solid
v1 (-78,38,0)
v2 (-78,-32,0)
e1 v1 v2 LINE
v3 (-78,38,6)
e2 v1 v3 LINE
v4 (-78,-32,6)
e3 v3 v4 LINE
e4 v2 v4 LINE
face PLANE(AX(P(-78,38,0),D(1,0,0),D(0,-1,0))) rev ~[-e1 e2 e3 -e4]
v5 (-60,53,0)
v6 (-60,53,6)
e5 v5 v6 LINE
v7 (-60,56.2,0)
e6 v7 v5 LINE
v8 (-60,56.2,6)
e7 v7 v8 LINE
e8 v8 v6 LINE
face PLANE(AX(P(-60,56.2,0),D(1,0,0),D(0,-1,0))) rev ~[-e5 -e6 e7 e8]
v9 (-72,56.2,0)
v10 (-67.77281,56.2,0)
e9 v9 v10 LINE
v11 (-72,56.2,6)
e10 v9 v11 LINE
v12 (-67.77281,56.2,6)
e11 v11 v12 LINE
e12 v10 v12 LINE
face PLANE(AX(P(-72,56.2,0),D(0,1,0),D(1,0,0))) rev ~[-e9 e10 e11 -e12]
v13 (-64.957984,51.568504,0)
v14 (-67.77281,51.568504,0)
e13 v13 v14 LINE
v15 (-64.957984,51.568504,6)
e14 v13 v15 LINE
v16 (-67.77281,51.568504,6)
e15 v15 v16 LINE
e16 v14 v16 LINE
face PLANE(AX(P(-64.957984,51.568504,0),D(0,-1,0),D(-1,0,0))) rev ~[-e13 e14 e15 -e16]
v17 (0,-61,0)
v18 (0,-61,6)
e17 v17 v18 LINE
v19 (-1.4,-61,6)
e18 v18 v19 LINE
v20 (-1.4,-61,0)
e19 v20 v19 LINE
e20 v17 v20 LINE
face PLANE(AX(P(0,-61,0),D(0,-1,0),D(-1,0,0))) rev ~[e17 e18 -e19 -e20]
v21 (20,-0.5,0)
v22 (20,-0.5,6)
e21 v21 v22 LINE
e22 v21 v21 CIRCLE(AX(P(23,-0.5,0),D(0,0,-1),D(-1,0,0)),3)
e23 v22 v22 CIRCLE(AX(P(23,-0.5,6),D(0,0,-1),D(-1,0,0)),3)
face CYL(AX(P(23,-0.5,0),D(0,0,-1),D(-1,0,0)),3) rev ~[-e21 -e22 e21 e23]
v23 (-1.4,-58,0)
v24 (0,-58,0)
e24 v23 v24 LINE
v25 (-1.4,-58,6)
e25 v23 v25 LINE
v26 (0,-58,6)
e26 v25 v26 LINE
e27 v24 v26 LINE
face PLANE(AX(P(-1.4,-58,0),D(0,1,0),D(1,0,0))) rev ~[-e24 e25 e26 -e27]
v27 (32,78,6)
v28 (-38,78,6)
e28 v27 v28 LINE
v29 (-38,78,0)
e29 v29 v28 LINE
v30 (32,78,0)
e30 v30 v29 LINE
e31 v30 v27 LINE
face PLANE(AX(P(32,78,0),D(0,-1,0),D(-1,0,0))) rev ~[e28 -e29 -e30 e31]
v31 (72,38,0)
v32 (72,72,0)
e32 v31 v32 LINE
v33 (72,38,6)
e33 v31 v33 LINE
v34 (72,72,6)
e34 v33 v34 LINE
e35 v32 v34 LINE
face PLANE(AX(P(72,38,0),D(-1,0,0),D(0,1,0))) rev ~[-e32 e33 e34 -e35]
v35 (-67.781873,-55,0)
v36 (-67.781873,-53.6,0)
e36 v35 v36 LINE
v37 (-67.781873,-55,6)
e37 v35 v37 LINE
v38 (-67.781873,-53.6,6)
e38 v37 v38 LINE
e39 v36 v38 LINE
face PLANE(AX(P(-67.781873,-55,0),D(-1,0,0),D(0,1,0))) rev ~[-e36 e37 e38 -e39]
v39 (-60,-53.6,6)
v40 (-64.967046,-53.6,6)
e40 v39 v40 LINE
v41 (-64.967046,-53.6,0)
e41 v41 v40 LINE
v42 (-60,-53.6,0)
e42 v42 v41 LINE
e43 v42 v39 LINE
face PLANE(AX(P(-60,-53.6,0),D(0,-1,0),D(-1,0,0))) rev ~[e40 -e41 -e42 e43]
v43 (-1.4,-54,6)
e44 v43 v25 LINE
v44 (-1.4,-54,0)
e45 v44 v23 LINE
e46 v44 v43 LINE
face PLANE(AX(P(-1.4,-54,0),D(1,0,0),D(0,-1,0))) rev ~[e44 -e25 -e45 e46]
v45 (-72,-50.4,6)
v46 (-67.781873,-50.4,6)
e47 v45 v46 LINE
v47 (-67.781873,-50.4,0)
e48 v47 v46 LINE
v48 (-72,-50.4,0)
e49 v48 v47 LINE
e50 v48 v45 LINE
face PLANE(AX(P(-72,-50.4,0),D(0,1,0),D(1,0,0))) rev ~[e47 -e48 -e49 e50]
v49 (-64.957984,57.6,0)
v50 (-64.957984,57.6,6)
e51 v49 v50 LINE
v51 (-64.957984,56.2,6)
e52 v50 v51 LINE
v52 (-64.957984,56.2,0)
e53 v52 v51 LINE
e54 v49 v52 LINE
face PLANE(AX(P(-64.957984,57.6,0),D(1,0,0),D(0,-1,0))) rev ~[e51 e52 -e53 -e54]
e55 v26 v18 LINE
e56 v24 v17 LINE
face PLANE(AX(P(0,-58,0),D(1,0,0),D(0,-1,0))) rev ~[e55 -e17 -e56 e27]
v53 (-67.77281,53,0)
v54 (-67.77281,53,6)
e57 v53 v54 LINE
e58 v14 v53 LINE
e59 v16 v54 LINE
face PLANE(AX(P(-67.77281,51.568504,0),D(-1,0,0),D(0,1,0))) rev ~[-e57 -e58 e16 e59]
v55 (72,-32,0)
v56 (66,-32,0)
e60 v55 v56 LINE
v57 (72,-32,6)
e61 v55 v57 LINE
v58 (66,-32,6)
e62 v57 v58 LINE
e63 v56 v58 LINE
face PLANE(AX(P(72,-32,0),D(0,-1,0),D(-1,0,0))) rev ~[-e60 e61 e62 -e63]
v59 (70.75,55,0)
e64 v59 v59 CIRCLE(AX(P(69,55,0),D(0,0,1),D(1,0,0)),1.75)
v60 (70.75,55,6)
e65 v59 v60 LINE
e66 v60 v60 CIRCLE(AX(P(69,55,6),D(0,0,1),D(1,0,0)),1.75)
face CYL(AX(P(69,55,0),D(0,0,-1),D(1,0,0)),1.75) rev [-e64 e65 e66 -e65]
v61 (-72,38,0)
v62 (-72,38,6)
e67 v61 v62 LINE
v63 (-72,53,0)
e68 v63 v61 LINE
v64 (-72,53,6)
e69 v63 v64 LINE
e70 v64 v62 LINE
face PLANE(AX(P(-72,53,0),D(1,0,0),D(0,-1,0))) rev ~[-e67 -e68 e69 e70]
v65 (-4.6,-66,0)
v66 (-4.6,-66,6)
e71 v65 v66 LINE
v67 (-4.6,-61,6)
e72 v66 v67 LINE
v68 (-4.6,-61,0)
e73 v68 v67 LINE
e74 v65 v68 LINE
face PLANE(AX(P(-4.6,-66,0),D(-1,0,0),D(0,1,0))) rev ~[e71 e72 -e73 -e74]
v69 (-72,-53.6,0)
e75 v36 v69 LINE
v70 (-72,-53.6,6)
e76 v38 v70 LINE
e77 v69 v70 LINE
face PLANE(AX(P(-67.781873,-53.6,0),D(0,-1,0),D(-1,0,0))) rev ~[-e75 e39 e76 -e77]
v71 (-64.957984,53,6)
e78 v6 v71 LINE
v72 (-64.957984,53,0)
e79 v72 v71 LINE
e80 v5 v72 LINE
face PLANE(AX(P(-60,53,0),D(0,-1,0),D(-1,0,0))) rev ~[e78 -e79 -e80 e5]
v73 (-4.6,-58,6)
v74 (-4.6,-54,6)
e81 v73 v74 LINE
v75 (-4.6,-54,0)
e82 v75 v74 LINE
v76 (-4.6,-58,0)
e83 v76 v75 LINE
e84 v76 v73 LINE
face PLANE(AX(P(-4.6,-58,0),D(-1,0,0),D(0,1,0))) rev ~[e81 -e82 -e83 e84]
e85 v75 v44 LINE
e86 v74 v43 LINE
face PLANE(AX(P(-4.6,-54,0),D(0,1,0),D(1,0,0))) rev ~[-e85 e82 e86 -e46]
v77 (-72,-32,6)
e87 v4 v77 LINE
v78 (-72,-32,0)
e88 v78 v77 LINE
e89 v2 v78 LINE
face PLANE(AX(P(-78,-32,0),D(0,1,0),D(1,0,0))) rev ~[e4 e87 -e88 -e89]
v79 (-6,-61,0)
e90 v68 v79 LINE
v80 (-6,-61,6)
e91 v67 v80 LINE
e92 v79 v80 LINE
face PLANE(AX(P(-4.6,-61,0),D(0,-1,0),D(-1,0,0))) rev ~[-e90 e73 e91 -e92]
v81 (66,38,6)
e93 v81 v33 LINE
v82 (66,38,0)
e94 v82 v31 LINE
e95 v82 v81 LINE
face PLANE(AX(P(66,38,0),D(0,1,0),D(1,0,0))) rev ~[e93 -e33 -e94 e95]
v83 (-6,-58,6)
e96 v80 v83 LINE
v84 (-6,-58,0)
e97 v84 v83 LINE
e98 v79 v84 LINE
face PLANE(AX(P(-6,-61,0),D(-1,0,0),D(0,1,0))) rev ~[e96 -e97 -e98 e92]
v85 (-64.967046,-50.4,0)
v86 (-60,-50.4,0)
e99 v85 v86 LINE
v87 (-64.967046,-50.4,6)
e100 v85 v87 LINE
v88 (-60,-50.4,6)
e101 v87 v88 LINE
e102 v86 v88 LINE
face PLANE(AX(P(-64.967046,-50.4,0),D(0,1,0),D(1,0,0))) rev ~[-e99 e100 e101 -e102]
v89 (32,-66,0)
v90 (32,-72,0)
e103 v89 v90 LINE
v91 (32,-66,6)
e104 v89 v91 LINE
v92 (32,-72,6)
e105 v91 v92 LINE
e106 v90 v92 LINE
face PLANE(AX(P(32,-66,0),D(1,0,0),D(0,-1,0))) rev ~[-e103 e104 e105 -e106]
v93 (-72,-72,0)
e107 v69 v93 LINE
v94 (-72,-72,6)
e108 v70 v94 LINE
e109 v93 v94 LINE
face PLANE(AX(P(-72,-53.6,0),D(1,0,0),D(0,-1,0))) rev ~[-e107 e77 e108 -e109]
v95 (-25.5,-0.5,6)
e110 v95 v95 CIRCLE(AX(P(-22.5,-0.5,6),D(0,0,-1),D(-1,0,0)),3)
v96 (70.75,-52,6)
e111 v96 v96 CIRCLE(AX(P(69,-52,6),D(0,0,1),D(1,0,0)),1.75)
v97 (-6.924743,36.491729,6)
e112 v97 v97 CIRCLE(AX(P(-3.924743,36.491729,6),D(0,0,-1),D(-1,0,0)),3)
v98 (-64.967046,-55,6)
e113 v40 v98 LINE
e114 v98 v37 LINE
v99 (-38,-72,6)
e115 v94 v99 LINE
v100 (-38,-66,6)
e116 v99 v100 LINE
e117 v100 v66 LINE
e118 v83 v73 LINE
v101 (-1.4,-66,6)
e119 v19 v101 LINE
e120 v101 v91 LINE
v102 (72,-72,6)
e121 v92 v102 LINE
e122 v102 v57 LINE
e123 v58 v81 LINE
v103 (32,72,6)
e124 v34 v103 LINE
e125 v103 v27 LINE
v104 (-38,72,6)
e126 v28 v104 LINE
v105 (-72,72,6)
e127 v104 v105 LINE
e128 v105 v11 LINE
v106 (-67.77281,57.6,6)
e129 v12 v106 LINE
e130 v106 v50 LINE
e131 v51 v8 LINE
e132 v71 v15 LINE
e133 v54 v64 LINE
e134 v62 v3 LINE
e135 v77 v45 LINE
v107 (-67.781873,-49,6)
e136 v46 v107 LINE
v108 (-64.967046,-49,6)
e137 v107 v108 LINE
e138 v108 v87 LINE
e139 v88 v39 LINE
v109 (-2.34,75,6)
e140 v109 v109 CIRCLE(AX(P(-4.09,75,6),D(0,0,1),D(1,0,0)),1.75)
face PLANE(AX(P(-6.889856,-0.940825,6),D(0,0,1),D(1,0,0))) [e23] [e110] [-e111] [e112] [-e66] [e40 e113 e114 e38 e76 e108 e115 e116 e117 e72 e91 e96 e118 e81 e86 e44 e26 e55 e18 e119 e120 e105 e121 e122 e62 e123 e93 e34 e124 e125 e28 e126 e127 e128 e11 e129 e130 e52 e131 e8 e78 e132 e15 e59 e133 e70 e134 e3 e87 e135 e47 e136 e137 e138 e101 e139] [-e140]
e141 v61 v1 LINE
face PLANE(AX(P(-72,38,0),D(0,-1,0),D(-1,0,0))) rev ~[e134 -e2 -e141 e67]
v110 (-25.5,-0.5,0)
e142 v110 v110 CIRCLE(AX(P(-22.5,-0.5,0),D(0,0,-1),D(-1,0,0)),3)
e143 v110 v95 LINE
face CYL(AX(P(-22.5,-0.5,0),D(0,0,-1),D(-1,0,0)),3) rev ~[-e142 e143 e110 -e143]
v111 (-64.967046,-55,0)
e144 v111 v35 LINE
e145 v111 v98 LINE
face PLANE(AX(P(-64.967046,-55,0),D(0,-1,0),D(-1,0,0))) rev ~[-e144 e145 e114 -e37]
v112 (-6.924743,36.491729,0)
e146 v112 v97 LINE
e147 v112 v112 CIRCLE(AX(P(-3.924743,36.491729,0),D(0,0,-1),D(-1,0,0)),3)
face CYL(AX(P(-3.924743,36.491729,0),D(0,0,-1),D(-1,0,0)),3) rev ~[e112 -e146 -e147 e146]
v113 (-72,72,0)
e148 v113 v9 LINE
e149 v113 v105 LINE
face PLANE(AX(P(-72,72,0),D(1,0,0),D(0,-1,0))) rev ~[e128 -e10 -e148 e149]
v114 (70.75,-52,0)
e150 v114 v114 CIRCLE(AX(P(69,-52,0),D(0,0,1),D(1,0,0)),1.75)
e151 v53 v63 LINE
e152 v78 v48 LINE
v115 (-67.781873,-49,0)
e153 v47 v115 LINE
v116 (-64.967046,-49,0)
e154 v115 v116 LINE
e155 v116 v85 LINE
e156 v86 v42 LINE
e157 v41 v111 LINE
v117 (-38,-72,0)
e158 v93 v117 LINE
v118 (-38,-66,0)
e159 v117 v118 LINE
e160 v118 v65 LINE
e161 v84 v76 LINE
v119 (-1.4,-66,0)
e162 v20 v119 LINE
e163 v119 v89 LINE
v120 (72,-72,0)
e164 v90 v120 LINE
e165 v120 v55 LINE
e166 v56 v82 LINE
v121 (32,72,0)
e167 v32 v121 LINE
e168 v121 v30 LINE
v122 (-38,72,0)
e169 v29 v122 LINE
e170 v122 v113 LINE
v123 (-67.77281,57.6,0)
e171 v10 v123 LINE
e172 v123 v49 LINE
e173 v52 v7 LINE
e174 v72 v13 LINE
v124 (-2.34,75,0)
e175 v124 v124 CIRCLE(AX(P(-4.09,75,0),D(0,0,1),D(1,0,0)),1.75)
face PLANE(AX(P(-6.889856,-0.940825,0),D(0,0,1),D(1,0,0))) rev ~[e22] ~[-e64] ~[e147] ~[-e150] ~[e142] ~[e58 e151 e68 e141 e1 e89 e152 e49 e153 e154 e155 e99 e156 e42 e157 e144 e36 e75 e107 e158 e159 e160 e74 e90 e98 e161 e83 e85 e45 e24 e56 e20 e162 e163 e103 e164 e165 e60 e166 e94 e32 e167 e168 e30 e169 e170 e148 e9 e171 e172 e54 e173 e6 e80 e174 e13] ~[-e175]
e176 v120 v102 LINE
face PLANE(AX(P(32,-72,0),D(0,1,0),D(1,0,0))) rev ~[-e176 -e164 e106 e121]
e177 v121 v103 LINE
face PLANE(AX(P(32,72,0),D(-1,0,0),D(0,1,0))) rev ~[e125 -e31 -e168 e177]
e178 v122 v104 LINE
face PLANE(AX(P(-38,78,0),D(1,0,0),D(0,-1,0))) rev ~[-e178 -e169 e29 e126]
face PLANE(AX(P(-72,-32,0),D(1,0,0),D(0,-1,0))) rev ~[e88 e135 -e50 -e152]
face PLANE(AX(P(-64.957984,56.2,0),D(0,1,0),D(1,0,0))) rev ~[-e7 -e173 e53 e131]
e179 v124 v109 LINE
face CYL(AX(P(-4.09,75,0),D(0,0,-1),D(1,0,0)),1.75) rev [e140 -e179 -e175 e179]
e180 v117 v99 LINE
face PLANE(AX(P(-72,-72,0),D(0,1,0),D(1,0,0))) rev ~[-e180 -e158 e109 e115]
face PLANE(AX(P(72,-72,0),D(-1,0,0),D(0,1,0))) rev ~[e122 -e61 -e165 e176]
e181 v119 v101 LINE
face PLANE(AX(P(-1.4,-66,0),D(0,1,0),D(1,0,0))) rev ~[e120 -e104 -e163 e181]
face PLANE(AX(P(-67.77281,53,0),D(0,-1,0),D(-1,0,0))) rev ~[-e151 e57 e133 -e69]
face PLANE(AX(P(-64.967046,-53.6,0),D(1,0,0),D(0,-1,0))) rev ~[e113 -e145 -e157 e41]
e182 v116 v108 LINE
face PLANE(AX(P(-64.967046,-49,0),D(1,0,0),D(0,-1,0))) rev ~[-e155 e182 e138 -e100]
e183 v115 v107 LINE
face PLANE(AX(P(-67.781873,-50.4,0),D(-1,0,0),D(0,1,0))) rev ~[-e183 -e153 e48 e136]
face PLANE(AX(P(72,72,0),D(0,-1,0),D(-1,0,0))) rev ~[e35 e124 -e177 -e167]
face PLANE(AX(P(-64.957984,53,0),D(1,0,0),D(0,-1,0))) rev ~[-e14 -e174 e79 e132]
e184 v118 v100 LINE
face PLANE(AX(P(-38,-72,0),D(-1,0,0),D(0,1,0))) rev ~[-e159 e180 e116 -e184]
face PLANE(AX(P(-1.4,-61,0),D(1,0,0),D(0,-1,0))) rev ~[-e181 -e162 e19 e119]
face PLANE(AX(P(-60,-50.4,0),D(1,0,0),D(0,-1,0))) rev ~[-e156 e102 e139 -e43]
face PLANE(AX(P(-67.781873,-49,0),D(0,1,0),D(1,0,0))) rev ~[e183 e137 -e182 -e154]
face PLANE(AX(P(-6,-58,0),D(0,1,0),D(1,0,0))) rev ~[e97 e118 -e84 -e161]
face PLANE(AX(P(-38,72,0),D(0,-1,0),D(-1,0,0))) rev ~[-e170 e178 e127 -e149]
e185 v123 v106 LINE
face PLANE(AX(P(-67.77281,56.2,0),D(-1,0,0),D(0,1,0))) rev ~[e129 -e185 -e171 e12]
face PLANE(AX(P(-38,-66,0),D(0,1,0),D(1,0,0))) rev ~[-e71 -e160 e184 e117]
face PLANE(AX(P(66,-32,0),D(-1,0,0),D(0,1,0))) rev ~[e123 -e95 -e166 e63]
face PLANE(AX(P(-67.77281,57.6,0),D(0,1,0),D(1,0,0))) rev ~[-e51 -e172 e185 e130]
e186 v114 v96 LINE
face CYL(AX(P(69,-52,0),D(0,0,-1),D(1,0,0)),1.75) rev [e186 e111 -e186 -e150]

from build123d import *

# Parameters (mm, degrees)
SKETCH1_R           = 1.75
BOSS_EXTRUDE2_DEPTH = 6
SKETCH3_R           = 3
CUT_EXTRUDE1_DEPTH  = 7
SKETCH4_R           = 3
CUT_EXTRUDE2_DEPTH  = 7


with BuildPart() as part:
    # Sketch1 → Boss-Extrude2 (new body)
    with BuildSketch(Plane.XY):
        Polygon((72, 72), (32, 72), (32, 78), (-38, 78), (-38, 72), (-72, 72), (-72, 56.2), (-67.772810154, 56.2), (-67.772810154, 57.6), (-64.957983727, 57.6), (-64.957983727, 56.2), (-60, 56.2), (-60, 53), (-64.957983727, 53), (-64.957983727, 51.568504207), (-67.772810154, 51.568504207), (-67.772810154, 53), (-72, 53), (-72, 38), (-78, 38), (-78, -32), (-72, -32), (-72, -50.4), (-67.78187279, -50.4), (-67.78187279, -49), (-64.967046362, -49), (-64.967046362, -50.4), (-60, -50.4), (-60, -53.6), (-64.967046362, -53.6), (-64.967046362, -55), (-67.78187279, -55), (-67.78187279, -53.6), (-72, -53.6), (-72, -72), (-38, -72), (-38, -66), (-4.6, -66), (-4.6, -61), (-6, -61), (-6, -58), (-4.6, -58), (-4.6, -54), (-1.4, -54), (-1.4, -58), (0, -58), (0, -61), (-1.4, -61), (-1.4, -66), (32, -66), (32, -72), (72, -72), (72, -32), (66, -32), (66, 38), (72, 38), align=None)
        with Locations((69, -52)):
            Circle(SKETCH1_R, mode=Mode.SUBTRACT)
        with Locations((69, 55)):
            Circle(SKETCH1_R, mode=Mode.SUBTRACT)
        with Locations((-4.09, 75)):
            Circle(SKETCH1_R, mode=Mode.SUBTRACT)
    extrude(amount=BOSS_EXTRUDE2_DEPTH)

    # Sketch3 → Cut-Extrude1 (cut, through all)
    with BuildSketch(Plane(origin=(0, 0, 0), x_dir=(-1, 0, 0), z_dir=(0, 0, -1))):
        with Locations((3.924742841, 36.491728523)):
            Circle(SKETCH3_R)
    extrude(amount=-CUT_EXTRUDE1_DEPTH, mode=Mode.SUBTRACT)

    # Sketch4 → Cut-Extrude2 (cut, through all)
    with BuildSketch(Plane(origin=(0, 0, 0), x_dir=(-1, 0, 0), z_dir=(0, 0, -1))):
        with Locations((-23, -0.5)):
            Circle(SKETCH4_R)
        with Locations((22.5, -0.5)):
            Circle(SKETCH4_R)
    extrude(amount=-CUT_EXTRUDE2_DEPTH, mode=Mode.SUBTRACT)


solid = part.part
